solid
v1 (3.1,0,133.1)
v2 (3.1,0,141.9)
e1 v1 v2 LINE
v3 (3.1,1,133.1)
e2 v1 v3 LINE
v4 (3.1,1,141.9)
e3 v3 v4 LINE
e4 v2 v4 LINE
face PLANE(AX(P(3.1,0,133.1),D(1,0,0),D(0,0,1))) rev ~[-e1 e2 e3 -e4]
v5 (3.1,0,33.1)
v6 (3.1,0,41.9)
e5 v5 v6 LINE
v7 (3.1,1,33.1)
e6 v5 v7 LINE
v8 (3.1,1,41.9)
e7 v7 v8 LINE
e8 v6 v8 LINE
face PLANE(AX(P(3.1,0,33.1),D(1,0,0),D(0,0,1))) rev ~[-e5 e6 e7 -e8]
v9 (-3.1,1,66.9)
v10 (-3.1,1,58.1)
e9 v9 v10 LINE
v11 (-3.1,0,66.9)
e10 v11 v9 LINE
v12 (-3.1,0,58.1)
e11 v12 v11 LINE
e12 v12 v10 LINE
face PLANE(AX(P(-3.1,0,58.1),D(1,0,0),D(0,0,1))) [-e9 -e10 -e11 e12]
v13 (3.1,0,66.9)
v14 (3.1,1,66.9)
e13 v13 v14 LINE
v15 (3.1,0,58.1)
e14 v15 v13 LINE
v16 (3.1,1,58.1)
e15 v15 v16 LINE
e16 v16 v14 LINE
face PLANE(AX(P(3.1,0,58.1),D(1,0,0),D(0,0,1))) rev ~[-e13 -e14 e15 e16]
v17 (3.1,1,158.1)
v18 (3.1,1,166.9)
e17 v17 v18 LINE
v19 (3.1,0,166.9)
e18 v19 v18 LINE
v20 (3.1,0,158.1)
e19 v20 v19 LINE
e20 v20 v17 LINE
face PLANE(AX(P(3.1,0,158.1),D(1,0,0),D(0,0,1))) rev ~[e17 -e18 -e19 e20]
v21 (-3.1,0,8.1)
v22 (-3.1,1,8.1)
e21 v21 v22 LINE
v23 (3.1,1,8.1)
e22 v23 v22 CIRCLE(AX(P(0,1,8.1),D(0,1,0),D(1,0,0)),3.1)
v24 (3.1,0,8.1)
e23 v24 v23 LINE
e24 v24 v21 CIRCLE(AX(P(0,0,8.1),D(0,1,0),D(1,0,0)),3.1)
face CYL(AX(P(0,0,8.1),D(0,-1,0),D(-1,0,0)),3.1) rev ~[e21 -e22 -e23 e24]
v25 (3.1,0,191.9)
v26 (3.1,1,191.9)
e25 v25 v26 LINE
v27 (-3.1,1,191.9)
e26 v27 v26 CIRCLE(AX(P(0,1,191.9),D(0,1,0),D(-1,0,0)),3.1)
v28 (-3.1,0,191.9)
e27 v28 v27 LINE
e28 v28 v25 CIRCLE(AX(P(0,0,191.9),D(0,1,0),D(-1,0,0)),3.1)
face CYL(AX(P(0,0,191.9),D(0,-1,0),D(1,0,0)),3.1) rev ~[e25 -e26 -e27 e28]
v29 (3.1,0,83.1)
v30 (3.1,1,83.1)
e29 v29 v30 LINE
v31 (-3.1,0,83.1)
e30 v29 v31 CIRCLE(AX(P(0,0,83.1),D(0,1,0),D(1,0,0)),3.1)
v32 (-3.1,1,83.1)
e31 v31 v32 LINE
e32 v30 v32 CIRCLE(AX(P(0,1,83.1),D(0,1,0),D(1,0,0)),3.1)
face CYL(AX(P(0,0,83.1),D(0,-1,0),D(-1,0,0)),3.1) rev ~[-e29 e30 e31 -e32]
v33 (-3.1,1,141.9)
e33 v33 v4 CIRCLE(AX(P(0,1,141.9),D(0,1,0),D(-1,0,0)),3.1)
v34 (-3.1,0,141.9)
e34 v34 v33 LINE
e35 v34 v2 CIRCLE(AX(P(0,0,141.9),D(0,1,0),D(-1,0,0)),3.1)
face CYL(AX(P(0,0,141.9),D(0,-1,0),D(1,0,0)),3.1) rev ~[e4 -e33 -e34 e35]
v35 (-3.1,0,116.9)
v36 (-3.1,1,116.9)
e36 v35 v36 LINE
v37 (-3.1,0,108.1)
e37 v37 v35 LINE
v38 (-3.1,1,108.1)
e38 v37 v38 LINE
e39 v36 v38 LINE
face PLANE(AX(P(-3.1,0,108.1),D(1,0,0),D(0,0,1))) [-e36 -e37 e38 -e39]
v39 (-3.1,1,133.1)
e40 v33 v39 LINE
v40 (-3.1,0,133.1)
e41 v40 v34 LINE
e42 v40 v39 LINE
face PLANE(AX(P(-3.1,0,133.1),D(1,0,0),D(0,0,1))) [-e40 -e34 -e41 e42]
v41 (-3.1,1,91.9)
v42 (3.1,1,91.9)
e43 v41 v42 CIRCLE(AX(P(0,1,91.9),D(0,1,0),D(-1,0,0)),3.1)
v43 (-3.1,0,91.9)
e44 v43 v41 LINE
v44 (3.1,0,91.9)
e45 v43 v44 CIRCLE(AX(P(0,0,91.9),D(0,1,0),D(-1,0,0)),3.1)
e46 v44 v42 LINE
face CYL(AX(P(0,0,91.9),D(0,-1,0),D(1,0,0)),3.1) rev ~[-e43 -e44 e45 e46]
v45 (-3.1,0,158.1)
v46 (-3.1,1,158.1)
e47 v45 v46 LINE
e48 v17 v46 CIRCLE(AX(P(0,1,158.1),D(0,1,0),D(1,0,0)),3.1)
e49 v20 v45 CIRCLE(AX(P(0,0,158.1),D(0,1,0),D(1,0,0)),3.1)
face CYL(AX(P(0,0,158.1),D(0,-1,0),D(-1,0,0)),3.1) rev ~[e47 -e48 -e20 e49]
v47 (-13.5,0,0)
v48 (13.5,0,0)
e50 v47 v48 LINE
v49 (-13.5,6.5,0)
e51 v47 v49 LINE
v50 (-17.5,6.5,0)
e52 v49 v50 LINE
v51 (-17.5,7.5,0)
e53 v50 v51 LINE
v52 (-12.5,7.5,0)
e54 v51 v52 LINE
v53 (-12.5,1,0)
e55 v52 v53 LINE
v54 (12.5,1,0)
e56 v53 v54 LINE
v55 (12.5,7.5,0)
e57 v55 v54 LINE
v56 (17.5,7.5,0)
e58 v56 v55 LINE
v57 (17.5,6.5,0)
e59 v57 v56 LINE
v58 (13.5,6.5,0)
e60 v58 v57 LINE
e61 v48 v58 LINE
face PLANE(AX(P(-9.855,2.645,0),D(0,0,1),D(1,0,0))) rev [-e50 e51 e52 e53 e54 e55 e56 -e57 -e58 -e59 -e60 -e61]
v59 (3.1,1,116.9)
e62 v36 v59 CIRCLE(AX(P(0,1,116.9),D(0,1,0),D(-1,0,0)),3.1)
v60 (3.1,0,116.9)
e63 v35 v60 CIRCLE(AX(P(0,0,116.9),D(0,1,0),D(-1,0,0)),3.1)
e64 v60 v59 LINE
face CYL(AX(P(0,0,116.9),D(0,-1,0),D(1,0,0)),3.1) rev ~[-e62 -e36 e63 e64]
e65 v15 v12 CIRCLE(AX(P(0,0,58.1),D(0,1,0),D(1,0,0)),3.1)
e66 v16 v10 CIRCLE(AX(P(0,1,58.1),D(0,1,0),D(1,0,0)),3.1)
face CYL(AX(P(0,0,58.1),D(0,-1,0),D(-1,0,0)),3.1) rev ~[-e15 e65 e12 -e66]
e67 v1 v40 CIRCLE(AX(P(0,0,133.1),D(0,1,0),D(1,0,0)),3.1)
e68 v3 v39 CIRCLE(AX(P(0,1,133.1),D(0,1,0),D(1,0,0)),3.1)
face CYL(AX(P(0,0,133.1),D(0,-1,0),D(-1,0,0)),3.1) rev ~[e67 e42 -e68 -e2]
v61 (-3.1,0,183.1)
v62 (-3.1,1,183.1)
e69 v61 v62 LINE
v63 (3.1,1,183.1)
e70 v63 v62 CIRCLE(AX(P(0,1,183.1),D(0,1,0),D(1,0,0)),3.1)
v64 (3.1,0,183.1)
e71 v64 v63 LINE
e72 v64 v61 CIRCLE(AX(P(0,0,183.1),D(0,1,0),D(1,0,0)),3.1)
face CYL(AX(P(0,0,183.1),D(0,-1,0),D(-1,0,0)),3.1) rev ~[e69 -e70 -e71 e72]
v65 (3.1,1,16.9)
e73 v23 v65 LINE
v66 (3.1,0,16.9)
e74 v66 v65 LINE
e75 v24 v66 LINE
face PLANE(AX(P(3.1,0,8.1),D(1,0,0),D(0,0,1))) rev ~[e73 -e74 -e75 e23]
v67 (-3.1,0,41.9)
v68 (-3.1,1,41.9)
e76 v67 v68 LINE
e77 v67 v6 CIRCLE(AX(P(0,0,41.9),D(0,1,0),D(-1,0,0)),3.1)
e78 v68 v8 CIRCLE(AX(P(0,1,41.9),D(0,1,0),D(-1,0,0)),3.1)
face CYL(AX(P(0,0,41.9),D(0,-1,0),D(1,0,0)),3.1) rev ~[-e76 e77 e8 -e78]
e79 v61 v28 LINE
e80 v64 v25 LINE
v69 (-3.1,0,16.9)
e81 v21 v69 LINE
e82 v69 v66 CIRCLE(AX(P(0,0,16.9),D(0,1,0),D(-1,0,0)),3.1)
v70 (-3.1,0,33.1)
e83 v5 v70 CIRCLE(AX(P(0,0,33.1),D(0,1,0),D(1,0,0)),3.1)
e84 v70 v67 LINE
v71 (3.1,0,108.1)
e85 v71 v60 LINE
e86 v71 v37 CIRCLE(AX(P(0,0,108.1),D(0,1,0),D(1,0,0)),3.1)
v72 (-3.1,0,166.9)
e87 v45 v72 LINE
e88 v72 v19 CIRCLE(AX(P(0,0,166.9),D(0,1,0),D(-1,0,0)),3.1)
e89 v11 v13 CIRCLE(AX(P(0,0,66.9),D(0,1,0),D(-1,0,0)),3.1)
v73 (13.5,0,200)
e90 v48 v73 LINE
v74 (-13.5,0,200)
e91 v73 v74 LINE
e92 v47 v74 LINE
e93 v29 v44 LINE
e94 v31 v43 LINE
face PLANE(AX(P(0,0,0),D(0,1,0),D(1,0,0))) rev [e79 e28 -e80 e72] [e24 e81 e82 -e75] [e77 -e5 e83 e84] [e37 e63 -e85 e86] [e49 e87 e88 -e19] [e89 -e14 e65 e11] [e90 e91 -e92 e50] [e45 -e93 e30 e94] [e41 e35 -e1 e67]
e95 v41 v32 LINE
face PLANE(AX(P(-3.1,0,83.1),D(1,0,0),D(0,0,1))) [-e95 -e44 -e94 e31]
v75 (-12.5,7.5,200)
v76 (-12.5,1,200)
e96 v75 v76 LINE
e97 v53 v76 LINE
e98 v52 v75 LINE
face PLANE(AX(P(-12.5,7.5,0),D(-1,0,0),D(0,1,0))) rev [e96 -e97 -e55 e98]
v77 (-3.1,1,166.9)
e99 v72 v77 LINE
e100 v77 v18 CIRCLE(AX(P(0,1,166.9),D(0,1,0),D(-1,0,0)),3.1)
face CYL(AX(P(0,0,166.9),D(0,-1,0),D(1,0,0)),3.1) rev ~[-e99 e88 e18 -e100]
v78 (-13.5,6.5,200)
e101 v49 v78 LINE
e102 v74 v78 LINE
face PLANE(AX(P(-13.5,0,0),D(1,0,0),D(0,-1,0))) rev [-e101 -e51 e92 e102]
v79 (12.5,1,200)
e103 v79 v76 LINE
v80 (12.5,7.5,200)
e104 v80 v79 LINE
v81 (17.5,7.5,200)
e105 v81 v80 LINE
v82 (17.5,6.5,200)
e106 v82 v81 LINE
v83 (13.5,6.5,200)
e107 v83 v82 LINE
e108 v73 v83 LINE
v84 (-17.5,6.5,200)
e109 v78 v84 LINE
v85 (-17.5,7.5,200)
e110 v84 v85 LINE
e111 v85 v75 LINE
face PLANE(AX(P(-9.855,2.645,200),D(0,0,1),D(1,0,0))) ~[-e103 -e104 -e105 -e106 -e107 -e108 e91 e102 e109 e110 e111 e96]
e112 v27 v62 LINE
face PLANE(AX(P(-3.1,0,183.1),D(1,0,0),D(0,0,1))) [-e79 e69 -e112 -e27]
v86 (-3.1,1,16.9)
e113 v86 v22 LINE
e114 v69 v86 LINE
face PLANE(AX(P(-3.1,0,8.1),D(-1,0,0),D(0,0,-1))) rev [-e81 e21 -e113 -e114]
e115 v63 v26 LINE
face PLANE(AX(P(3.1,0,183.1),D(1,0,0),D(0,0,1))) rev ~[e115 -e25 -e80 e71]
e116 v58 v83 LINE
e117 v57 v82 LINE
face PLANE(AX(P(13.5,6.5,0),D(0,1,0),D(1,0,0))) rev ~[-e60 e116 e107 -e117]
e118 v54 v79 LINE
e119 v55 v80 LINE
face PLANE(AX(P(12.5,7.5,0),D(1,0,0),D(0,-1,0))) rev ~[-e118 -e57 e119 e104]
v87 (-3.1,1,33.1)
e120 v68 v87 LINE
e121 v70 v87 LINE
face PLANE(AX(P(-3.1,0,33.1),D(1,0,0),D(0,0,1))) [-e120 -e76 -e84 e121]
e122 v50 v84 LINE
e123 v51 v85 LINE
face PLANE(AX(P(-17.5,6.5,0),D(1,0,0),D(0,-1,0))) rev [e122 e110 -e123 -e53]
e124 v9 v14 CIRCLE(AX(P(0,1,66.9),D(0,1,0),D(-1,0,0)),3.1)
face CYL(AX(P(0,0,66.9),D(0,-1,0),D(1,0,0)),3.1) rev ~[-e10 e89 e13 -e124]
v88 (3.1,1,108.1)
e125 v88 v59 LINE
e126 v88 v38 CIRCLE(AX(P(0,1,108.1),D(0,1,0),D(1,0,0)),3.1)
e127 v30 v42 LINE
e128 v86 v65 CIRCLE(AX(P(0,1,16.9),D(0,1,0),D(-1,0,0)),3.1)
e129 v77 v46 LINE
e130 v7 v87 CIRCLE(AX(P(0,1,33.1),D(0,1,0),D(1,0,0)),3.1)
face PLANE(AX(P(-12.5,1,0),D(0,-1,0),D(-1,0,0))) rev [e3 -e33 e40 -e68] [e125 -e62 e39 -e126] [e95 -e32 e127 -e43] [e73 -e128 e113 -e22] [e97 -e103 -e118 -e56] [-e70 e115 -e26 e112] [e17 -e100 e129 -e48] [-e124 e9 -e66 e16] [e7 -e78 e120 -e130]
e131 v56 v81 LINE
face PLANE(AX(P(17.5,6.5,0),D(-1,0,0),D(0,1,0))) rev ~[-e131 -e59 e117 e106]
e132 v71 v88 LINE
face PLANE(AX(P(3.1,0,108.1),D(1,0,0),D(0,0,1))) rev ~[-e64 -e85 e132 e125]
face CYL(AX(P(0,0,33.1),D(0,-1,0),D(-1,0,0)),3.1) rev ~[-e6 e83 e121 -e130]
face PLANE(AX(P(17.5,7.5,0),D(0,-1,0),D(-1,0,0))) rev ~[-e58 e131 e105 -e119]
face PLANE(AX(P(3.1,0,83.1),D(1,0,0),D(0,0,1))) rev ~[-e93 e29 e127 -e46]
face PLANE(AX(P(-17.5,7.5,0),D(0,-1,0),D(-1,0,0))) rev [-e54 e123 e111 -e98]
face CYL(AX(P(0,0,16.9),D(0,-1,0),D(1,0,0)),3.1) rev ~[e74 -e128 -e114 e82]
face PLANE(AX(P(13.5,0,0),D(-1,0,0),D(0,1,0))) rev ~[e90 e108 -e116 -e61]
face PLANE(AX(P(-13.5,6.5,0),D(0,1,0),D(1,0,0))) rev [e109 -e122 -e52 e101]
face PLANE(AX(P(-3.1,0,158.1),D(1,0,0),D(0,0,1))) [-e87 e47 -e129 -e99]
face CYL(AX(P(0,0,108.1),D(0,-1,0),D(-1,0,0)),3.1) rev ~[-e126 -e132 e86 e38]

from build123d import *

# Parameters (mm, degrees)
BOSS_EXTRUDE1_DEPTH  = 200
CUT_EXTRUDE1_DEPTH   = 201.904206029
LPATTERN1_COUNT      = 8
LPATTERN1_PITCH      = 25
MIRROR2_COPY_1_DEPTH = 201.904206029
MIRROR2_COPY_2_DEPTH = 201.904206029
MIRROR2_COPY_3_DEPTH = 201.904206029
MIRROR2_COPY_4_DEPTH = 201.904206029
MIRROR2_COPY_5_DEPTH = 201.904206029
MIRROR2_COPY_6_DEPTH = 201.904206029
MIRROR2_COPY_7_DEPTH = 201.904206029


with BuildPart() as part:
    # Sketch1 → Boss-Extrude1 (new body)
    with BuildSketch(Plane.XY):
        Polygon((0, 0), (13.5, 0), (13.5, 6.5), (17.5, 6.5), (17.5, 7.5), (12.5, 7.5), (12.5, 1), (0, 1), align=None)
    boss_extrude1 = extrude(amount=BOSS_EXTRUDE1_DEPTH)

    # Sketch2 → Cut-Extrude1 (cut, through all)
    with BuildSketch(Plane(origin=(0, 0, 0), x_dir=(1, 0, 0), z_dir=(0, 1, 0))):
        with BuildLine():
            Line((3.1, -8.1), (3.1, -16.9))
            ThreePointArc((3.1, -16.9), (0, -20), (-3.1, -16.9))
            Line((-3.1, -16.9), (-3.1, -8.1))
            ThreePointArc((-3.1, -8.1), (0, -5), (3.1, -8.1))
        make_face()
    cut_extrude1 = extrude(amount=CUT_EXTRUDE1_DEPTH, mode=Mode.SUBTRACT)

    # LPattern1: Cut-Extrude1 ×8
    with Locations(*[(0, 0, i * LPATTERN1_PITCH) for i in range(1, LPATTERN1_COUNT)]):
        add(cut_extrude1, mode=Mode.SUBTRACT)

    # Mirror2: Boss-Extrude1, Cut-Extrude1 across plane
    add(boss_extrude1.mirror(Plane(origin=(0, 0, 0), x_dir=(0, 0, 1), z_dir=(1, 0, 0))))
    add(cut_extrude1.mirror(Plane(origin=(0, 0, 0), x_dir=(0, 0, 1), z_dir=(1, 0, 0))), mode=Mode.SUBTRACT)

    # Mirror2 copy 1 sketch → Mirror2 copy 1 (cut, through all)
    with BuildSketch(Plane(origin=(0, 0, 25), x_dir=(-1, 0, 0), z_dir=(0, 1, 0))):
        with BuildLine():
            Line((3.1, 8.1), (3.1, 16.9))
            ThreePointArc((3.1, 16.9), (0, 20), (-3.1, 16.9))
            Line((-3.1, 16.9), (-3.1, 8.1))
            ThreePointArc((-3.1, 8.1), (0, 5), (3.1, 8.1))
        make_face()
    extrude(amount=MIRROR2_COPY_1_DEPTH, mode=Mode.SUBTRACT)

    # Mirror2 copy 2 sketch → Mirror2 copy 2 (cut, through all)
    with BuildSketch(Plane(origin=(0, 0, 50), x_dir=(-1, 0, 0), z_dir=(0, 1, 0))):
        with BuildLine():
            Line((3.1, 8.1), (3.1, 16.9))
            ThreePointArc((3.1, 16.9), (0, 20), (-3.1, 16.9))
            Line((-3.1, 16.9), (-3.1, 8.1))
            ThreePointArc((-3.1, 8.1), (0, 5), (3.1, 8.1))
        make_face()
    extrude(amount=MIRROR2_COPY_2_DEPTH, mode=Mode.SUBTRACT)

    # Mirror2 copy 3 sketch → Mirror2 copy 3 (cut, through all)
    with BuildSketch(Plane(origin=(0, 0, 75), x_dir=(-1, 0, 0), z_dir=(0, 1, 0))):
        with BuildLine():
            Line((3.1, 8.1), (3.1, 16.9))
            ThreePointArc((3.1, 16.9), (0, 20), (-3.1, 16.9))
            Line((-3.1, 16.9), (-3.1, 8.1))
            ThreePointArc((-3.1, 8.1), (0, 5), (3.1, 8.1))
        make_face()
    extrude(amount=MIRROR2_COPY_3_DEPTH, mode=Mode.SUBTRACT)

    # Mirror2 copy 4 sketch → Mirror2 copy 4 (cut, through all)
    with BuildSketch(Plane(origin=(0, 0, 100), x_dir=(-1, 0, 0), z_dir=(0, 1, 0))):
        with BuildLine():
            Line((3.1, 8.1), (3.1, 16.9))
            ThreePointArc((3.1, 16.9), (0, 20), (-3.1, 16.9))
            Line((-3.1, 16.9), (-3.1, 8.1))
            ThreePointArc((-3.1, 8.1), (0, 5), (3.1, 8.1))
        make_face()
    extrude(amount=MIRROR2_COPY_4_DEPTH, mode=Mode.SUBTRACT)

    # Mirror2 copy 5 sketch → Mirror2 copy 5 (cut, through all)
    with BuildSketch(Plane(origin=(0, 0, 125), x_dir=(-1, 0, 0), z_dir=(0, 1, 0))):
        with BuildLine():
            Line((3.1, 8.1), (3.1, 16.9))
            ThreePointArc((3.1, 16.9), (0, 20), (-3.1, 16.9))
            Line((-3.1, 16.9), (-3.1, 8.1))
            ThreePointArc((-3.1, 8.1), (0, 5), (3.1, 8.1))
        make_face()
    extrude(amount=MIRROR2_COPY_5_DEPTH, mode=Mode.SUBTRACT)

    # Mirror2 copy 6 sketch → Mirror2 copy 6 (cut, through all)
    with BuildSketch(Plane(origin=(0, 0, 150), x_dir=(-1, 0, 0), z_dir=(0, 1, 0))):
        with BuildLine():
            Line((3.1, 8.1), (3.1, 16.9))
            ThreePointArc((3.1, 16.9), (0, 20), (-3.1, 16.9))
            Line((-3.1, 16.9), (-3.1, 8.1))
            ThreePointArc((-3.1, 8.1), (0, 5), (3.1, 8.1))
        make_face()
    extrude(amount=MIRROR2_COPY_6_DEPTH, mode=Mode.SUBTRACT)

    # Mirror2 copy 7 sketch → Mirror2 copy 7 (cut, through all)
    with BuildSketch(Plane(origin=(0, 0, 175), x_dir=(-1, 0, 0), z_dir=(0, 1, 0))):
        with BuildLine():
            Line((3.1, 8.1), (3.1, 16.9))
            ThreePointArc((3.1, 16.9), (0, 20), (-3.1, 16.9))
            Line((-3.1, 16.9), (-3.1, 8.1))
            ThreePointArc((-3.1, 8.1), (0, 5), (3.1, 8.1))
        make_face()
    extrude(amount=MIRROR2_COPY_7_DEPTH, mode=Mode.SUBTRACT)


solid = part.part
